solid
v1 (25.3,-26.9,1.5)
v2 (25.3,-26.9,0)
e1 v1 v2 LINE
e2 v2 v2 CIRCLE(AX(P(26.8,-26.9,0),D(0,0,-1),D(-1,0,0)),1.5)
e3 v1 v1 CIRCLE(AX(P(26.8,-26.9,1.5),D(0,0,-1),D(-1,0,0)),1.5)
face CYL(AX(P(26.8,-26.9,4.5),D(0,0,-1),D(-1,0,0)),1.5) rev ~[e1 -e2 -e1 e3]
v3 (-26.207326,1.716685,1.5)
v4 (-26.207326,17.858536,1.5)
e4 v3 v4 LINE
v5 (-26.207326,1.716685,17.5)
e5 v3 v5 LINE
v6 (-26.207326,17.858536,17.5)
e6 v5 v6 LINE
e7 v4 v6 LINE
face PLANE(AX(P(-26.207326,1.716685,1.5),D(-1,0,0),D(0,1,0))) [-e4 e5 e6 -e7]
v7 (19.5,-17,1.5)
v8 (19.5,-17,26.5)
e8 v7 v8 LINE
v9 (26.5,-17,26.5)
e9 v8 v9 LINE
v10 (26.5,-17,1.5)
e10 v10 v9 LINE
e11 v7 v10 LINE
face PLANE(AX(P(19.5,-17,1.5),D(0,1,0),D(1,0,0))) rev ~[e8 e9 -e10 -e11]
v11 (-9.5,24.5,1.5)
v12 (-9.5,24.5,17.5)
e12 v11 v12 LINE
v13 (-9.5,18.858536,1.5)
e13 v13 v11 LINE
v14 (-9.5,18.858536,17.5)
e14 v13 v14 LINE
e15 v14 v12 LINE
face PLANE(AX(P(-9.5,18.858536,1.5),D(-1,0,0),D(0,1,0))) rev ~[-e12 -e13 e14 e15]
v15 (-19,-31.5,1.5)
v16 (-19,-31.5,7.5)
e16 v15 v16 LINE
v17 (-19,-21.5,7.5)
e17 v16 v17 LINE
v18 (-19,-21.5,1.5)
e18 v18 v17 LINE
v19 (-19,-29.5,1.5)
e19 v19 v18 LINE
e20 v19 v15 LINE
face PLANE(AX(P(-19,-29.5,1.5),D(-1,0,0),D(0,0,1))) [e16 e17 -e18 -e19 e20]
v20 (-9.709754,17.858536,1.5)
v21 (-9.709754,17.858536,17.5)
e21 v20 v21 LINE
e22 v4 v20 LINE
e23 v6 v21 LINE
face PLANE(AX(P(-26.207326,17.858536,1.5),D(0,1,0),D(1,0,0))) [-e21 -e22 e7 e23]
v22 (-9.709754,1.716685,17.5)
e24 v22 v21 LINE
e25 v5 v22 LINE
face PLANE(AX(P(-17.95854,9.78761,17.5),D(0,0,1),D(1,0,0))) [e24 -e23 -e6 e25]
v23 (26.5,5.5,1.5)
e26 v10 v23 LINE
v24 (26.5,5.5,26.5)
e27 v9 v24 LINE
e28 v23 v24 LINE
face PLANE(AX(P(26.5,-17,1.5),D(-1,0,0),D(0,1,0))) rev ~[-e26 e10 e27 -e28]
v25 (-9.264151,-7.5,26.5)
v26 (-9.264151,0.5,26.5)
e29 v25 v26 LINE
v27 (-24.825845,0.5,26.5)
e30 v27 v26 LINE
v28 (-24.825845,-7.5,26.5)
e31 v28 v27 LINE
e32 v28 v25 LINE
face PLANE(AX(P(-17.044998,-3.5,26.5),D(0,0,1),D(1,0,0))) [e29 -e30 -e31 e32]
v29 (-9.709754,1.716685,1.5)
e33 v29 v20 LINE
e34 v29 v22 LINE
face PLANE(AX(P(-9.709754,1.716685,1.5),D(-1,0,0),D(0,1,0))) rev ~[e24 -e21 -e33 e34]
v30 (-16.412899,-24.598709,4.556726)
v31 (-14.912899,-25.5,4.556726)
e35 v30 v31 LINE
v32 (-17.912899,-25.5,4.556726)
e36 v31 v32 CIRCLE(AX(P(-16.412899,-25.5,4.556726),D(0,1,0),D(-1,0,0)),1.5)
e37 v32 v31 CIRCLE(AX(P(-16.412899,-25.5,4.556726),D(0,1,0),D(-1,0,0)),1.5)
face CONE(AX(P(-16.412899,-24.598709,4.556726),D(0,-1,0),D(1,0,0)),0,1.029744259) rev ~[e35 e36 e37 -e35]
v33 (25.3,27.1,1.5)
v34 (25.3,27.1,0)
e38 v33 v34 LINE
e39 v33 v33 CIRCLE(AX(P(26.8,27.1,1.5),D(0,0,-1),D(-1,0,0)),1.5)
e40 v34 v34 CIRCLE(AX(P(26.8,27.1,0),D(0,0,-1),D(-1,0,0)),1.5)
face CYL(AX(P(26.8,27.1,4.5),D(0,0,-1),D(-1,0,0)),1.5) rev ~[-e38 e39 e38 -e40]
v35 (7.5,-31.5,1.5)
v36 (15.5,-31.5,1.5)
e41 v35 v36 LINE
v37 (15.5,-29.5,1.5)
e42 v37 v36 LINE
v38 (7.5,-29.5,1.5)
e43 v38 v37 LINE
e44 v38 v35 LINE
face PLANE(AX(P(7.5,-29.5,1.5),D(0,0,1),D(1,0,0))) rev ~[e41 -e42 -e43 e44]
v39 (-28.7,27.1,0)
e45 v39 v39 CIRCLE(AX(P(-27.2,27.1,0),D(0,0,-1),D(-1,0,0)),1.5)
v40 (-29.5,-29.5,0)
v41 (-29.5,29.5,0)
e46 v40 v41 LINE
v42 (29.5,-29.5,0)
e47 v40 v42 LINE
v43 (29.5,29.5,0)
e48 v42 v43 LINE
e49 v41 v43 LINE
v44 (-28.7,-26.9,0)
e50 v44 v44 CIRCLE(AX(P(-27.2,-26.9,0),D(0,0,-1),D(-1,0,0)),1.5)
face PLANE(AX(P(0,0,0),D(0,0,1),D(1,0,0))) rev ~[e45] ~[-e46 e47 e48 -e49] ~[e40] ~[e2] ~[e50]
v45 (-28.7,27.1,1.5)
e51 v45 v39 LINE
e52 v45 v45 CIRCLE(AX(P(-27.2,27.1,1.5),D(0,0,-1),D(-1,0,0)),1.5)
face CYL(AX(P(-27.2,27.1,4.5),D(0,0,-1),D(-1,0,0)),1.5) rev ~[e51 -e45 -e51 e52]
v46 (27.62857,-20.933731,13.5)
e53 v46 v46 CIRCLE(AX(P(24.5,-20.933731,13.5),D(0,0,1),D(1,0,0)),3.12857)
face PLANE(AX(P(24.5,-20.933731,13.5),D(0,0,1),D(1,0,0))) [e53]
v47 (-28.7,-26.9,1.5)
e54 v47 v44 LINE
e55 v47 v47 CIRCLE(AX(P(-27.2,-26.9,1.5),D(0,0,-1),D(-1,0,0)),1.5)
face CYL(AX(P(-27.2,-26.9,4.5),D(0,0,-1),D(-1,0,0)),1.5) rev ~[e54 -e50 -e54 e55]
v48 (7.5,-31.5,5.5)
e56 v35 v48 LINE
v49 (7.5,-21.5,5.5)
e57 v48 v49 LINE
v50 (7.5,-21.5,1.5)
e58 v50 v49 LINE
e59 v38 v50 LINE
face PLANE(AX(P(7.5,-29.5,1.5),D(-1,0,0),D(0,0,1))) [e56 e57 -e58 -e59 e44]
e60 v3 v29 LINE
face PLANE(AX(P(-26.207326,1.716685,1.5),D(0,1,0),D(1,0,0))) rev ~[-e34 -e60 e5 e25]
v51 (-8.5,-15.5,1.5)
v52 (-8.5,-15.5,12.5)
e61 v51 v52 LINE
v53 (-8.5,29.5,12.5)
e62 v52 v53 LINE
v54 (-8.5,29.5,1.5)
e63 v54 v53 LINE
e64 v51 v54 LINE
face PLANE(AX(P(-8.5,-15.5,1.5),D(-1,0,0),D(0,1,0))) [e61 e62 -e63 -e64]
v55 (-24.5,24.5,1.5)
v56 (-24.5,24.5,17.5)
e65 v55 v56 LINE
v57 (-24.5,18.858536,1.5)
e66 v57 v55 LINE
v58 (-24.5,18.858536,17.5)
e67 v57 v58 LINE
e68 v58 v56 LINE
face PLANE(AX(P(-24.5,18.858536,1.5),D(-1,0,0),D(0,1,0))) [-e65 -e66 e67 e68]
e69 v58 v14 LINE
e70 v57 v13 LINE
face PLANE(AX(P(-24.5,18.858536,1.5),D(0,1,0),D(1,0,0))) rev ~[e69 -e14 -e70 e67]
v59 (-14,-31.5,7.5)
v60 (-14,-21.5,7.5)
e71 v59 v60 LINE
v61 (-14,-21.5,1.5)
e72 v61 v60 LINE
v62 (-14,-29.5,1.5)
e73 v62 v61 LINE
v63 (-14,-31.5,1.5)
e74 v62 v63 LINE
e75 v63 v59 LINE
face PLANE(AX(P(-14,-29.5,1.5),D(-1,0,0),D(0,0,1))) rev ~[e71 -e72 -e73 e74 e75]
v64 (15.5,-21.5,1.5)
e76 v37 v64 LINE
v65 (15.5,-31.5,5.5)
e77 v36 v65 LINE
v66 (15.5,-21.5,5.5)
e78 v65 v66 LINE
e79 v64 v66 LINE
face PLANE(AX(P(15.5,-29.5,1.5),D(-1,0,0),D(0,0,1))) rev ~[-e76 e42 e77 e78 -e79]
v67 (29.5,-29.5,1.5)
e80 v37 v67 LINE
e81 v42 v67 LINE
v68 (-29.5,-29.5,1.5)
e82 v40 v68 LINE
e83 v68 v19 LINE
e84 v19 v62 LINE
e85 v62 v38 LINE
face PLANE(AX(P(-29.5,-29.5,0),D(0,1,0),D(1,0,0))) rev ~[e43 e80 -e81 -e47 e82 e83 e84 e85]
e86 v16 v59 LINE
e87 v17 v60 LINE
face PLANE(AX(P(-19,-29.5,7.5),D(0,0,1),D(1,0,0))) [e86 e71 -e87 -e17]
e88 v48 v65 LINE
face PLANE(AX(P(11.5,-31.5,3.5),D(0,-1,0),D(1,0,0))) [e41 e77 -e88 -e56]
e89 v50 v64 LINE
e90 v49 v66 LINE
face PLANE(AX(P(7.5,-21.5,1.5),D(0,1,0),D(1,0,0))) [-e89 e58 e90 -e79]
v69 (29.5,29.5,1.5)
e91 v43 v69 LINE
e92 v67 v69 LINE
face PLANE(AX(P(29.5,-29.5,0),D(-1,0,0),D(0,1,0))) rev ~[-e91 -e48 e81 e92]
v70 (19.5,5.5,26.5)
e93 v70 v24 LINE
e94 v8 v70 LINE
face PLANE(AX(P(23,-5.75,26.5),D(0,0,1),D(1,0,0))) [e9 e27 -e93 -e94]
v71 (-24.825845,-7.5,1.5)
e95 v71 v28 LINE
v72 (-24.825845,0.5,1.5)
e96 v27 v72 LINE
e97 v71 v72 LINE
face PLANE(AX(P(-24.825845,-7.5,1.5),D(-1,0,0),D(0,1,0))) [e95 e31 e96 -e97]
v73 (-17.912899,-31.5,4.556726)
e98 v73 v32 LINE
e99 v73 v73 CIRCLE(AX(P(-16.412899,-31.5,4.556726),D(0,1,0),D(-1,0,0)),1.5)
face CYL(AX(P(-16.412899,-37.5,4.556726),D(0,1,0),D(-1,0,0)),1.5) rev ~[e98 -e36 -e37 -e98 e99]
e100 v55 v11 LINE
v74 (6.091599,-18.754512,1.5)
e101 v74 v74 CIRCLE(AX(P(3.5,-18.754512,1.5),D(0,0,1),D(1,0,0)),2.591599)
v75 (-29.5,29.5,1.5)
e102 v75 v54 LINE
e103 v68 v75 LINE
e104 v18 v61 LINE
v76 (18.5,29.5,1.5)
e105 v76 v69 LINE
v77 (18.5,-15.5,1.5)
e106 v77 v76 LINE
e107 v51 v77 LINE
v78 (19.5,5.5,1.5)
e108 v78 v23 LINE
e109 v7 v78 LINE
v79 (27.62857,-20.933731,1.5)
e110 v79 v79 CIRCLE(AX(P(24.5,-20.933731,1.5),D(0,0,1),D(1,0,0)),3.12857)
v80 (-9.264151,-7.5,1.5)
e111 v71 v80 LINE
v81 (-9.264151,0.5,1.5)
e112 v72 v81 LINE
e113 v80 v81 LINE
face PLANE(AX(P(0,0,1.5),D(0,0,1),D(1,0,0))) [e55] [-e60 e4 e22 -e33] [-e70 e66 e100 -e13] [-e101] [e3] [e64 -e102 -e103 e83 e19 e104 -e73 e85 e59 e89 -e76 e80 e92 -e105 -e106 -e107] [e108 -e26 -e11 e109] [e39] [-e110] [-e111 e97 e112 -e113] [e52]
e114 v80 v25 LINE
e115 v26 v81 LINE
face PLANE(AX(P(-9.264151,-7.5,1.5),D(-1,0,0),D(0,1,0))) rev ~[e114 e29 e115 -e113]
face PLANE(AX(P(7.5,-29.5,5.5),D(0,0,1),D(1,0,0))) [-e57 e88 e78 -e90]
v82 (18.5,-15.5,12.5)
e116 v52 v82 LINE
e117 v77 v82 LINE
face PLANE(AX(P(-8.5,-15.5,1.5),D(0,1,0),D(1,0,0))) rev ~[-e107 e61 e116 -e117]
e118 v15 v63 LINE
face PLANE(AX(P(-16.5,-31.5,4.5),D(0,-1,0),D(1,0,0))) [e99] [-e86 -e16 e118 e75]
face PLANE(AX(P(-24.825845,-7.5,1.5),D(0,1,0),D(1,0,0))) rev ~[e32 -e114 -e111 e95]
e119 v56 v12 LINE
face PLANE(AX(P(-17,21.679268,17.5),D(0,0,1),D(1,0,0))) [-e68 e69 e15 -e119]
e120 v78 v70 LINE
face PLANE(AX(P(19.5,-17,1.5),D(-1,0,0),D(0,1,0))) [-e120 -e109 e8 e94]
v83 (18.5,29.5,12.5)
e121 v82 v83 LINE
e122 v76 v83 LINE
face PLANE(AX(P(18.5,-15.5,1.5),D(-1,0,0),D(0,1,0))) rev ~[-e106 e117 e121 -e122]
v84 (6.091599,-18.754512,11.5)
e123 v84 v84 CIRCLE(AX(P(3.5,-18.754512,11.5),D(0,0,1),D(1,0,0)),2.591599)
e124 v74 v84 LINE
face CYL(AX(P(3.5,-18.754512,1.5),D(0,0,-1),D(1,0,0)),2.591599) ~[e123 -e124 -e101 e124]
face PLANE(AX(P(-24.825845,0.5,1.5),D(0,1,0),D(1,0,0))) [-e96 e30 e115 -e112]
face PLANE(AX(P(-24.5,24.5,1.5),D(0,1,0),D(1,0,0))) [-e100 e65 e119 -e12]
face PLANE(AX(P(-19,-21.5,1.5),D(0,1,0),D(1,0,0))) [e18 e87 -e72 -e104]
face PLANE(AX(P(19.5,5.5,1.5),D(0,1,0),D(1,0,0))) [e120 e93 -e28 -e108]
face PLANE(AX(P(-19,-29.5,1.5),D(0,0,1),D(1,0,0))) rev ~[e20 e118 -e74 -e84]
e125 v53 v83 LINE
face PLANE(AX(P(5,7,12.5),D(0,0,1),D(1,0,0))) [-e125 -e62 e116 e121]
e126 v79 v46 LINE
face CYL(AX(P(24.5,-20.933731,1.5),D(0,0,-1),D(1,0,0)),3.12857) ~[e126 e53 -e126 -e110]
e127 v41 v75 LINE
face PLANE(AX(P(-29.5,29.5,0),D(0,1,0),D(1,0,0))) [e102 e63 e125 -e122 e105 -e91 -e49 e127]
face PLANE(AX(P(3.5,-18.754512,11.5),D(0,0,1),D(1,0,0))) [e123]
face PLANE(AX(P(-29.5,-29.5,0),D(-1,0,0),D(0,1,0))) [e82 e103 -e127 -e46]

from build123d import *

# Parameters (mm, degrees)
F0_W      = 59
F0_H      = 59
F1_DEPTH  = 1.5
F3_D      = 3
F3_DEPTH  = 3
F3_TIP    = 0.9012909285
F2_W      = 27
F2_H      = 45
F4_DEPTH  = 11
F2_W_2    = 7
F2_H_2    = 22.5
F5_DEPTH  = 25
F2_W_3    = 15
F2_H_3    = 5.6414641738
F6_DEPTH  = 16
F2_W_4    = 16.4975724295
F2_H_4    = 16.1418512762
F7_DEPTH  = 16
F2_W_5    = 15.5616942793
F2_H_5    = 8
F8_DEPTH  = 25
F2_W_6    = 5
F9_DEPTH  = 6
F2_R      = 3.1285701803
F10_DEPTH = 12
F11_W     = 5
F11_H     = 6
F12_DEPTH = 2
F14_D     = 3
F14_DEPTH = 6
F14_TIP   = 0.9012909285
F2_W_7    = 8
F15_DEPTH = 4
F16_W     = 8
F16_H     = 4
F17_DEPTH = 2
F2_R_2    = 2.591599319
F18_DEPTH = 10


with BuildPart() as f1:
    # F0 (on Top) → F1 (new body)
    with BuildSketch(Plane.XY):
        Rectangle(F0_W, F0_H)
    extrude(amount=F1_DEPTH)

    # F3
    with Locations(Plane.XY.offset(1.5)):
        with Locations((26.8, -26.9), (-27.2, -26.9), (-27.2, 27.1), (26.8, 27.1)):
            Hole(F3_D / 2, depth=F3_DEPTH)
            with Locations((0, 0, -(F3_DEPTH + F3_TIP / 2))):  # 118° drill point
                Cone(0, F3_D / 2, F3_TIP, mode=Mode.SUBTRACT)

    # F2 (on face) → F4 (join)
    with BuildSketch(Plane.XY.offset(1.5)):
        with Locations((5, 7)):
            Rectangle(F2_W, F2_H)
    extrude(amount=F4_DEPTH)

    # F2 (on face) → F5 (join)
    with BuildSketch(Plane.XY.offset(1.5)):
        with Locations((23, -5.75)):
            Rectangle(F2_W_2, F2_H_2)
    extrude(amount=F5_DEPTH)

    # F2 (on face) → F6 (join)
    with BuildSketch(Plane.XY.offset(1.5)):
        with Locations((-17, 21.6792679131)):
            Rectangle(F2_W_3, F2_H_3)
    extrude(amount=F6_DEPTH)

    # F2 (on face) → F7 (join)
    with BuildSketch(Plane.XY.offset(1.5)):
        with Locations((-17.9585402422, 9.7876101881)):
            Rectangle(F2_W_4, F2_H_4)
    extrude(amount=F7_DEPTH)

    # F2 (on face) → F8 (join)
    with BuildSketch(Plane.XY.offset(1.5)):
        with Locations((-17.0449977741, -3.5)):
            Rectangle(F2_W_5, F2_H_5)
    extrude(amount=F8_DEPTH)

    # F2 (on face) → F9 (join)
    with BuildSketch(Plane.XY.offset(1.5)):
        with Locations((-16.5, -25.5)):
            Rectangle(F2_W_6, F2_H_5)
        with Locations((-17.0449977741, -3.5)):
            Rectangle(F2_W_5, F2_H_5)
    extrude(amount=F9_DEPTH)

    # F2 (on face) → F10 (join)
    with BuildSketch(Plane.XY.offset(1.5)):
        with Locations((24.5, -20.9337305278)):
            Circle(F2_R)
    extrude(amount=F10_DEPTH)

    # F11 (on face) → F12 (join)
    with BuildSketch(Plane.XZ.offset(29.5)):
        with Locations((-16.5, 4.5)):
            Rectangle(F11_W, F11_H)
    extrude(amount=F12_DEPTH)

    # F14
    with Locations(Plane.XZ.offset(31.5)):
        with Locations((-16.4128988981, 4.5567261986)):
            Hole(F14_D / 2, depth=F14_DEPTH)
            with Locations((0, 0, -(F14_DEPTH + F14_TIP / 2))):  # 118° drill point
                Cone(0, F14_D / 2, F14_TIP, mode=Mode.SUBTRACT)

    # F2 (on face) → F15 (join)
    with BuildSketch(Plane.XY.offset(1.5)):
        with Locations((11.5, -25.5)):
            Rectangle(F2_W_7, F2_H_5)
    extrude(amount=F15_DEPTH)

    # F16 (on face) → F17 (join)
    with BuildSketch(Plane.XZ.offset(29.5)):
        with Locations((11.5, 3.5)):
            Rectangle(F16_W, F16_H)
    extrude(amount=F17_DEPTH)

    # F2 (on face) → F18 (join)
    with BuildSketch(Plane.XY.offset(1.5)):
        with Locations((3.5, -18.7545120716)):
            Circle(F2_R_2)
    extrude(amount=F18_DEPTH)


solid = f1.part
